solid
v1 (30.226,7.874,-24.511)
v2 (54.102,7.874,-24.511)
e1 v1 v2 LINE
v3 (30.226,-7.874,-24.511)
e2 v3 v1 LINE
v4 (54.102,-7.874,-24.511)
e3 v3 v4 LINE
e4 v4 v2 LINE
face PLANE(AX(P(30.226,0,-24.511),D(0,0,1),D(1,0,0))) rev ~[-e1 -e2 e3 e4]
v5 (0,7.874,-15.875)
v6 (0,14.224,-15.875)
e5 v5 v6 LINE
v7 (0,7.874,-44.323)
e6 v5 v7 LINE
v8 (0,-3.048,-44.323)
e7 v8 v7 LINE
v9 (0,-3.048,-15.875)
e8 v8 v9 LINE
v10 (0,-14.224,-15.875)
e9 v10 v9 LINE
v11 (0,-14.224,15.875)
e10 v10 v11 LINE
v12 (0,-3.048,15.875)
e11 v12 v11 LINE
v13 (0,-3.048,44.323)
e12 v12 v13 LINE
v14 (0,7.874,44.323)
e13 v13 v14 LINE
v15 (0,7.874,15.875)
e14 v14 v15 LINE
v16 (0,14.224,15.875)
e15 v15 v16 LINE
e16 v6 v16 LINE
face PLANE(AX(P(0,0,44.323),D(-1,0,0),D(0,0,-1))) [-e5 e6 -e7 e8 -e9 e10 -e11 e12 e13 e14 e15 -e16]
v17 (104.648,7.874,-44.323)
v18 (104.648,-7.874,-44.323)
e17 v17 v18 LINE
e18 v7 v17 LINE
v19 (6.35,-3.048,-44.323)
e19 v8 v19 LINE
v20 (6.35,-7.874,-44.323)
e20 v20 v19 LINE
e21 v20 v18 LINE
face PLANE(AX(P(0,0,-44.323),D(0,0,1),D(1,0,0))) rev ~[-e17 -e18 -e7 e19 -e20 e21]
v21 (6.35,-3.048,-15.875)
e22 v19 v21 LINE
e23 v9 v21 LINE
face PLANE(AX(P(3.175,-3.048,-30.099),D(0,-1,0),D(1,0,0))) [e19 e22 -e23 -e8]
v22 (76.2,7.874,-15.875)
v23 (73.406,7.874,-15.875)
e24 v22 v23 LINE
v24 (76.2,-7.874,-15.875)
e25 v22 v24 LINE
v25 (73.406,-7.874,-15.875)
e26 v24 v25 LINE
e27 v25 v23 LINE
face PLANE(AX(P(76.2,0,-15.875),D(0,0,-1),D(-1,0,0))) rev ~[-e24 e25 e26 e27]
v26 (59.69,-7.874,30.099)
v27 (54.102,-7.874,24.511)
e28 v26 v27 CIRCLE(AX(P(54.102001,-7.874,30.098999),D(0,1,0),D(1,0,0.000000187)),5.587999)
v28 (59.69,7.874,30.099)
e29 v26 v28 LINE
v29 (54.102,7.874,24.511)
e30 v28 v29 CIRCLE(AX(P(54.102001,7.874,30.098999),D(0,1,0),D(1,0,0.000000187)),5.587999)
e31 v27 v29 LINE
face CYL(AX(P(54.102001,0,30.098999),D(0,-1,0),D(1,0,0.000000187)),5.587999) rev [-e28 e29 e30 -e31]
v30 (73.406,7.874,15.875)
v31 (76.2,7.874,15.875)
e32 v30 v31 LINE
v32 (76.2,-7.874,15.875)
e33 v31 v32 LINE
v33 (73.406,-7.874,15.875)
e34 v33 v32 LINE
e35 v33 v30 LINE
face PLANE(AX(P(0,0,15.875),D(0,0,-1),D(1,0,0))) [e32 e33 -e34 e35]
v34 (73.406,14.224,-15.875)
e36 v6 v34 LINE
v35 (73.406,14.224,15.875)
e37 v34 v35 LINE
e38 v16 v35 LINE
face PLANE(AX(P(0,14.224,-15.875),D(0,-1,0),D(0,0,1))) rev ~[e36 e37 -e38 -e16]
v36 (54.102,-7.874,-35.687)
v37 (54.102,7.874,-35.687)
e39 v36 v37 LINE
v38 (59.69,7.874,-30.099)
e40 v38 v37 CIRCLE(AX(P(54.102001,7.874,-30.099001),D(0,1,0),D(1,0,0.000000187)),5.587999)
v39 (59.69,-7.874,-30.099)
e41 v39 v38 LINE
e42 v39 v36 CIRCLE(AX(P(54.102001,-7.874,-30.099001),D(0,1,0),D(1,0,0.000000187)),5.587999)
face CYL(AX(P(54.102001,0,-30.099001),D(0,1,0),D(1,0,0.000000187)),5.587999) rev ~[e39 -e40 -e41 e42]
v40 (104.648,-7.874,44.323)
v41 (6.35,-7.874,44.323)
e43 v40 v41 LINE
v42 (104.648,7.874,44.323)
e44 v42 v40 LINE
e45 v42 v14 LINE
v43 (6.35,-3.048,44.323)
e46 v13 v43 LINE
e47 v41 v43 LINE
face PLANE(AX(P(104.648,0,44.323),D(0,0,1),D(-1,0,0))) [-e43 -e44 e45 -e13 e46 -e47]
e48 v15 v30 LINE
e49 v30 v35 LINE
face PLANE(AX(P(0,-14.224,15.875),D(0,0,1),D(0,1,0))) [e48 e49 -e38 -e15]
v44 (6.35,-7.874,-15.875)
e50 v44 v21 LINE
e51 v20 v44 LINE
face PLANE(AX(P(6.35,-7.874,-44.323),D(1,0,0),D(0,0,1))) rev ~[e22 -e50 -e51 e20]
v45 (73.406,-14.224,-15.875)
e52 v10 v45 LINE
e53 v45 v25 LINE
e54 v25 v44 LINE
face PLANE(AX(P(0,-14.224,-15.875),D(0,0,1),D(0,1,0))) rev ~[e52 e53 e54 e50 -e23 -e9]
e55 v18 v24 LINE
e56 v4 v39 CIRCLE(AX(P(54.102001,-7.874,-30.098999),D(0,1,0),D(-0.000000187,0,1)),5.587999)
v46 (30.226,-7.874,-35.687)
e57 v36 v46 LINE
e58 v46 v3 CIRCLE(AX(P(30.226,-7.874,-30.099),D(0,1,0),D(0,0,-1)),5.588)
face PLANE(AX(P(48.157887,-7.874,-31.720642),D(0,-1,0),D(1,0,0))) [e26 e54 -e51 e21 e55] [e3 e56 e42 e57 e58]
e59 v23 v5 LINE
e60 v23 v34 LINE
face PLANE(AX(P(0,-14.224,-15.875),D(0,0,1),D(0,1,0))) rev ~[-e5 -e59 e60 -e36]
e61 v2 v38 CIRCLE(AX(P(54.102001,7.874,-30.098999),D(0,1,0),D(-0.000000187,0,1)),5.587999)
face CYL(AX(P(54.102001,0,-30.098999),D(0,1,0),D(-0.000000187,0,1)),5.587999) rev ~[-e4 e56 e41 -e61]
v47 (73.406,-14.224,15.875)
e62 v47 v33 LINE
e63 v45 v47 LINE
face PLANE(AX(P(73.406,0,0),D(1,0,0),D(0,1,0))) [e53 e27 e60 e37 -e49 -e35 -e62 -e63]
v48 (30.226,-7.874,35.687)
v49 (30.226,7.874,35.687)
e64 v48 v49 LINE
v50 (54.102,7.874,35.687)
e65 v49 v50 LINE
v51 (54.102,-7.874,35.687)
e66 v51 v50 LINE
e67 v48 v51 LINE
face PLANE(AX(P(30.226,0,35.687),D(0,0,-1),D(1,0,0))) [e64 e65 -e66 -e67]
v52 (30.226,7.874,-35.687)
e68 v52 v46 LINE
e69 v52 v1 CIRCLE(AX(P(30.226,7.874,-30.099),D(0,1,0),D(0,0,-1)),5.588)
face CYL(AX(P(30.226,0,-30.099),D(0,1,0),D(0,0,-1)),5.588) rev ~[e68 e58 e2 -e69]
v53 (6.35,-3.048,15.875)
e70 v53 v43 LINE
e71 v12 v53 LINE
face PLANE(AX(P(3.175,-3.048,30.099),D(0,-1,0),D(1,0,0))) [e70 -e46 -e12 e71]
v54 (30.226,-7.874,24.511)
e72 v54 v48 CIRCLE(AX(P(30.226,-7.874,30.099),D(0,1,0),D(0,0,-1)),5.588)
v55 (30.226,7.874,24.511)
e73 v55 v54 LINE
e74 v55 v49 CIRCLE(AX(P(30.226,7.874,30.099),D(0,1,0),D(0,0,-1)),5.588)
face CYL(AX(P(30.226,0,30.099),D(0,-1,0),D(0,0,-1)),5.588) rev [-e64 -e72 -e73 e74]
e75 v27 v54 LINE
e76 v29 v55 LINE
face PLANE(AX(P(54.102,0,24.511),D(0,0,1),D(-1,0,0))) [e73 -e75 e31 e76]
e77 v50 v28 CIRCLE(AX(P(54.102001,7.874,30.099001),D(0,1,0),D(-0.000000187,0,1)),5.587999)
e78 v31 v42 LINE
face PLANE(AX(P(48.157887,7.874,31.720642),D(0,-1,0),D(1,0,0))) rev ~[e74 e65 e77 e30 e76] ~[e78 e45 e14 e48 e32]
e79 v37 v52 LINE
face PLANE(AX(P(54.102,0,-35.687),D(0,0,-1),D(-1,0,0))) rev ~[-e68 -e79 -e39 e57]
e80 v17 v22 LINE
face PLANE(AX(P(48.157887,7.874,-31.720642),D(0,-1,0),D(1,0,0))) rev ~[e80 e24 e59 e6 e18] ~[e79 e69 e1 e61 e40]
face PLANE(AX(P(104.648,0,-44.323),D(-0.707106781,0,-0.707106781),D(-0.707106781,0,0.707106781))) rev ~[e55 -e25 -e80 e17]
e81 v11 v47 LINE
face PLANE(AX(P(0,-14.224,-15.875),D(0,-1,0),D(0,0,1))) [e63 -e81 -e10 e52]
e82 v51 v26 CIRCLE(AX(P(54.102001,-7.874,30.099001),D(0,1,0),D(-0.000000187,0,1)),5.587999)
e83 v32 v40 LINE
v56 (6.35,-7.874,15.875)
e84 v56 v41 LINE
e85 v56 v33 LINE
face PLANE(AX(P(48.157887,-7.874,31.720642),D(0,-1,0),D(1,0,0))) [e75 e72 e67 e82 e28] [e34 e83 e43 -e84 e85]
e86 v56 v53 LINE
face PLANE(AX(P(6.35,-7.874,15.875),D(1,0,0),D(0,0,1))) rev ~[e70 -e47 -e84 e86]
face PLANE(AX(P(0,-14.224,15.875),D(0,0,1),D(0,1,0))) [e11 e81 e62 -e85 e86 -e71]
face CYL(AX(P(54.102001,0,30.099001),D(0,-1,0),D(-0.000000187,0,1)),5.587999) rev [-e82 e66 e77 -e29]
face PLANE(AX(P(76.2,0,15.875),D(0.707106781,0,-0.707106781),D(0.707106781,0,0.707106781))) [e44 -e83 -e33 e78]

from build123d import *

# Parameters (mm, degrees)
F0_W     = 28.448
F0_H     = 31.75
F1_DEPTH = 73.406
F3_DEPTH = 7.874
F5_W     = 6.35
F5_H     = 28.448
F6_DEPTH = 4.826
F7_W     = 6.35
F7_H     = 28.448
F8_DEPTH = 4.826


with BuildPart() as f1:
    # F0 (on Right) → F1 (new body)
    with BuildSketch(Plane.YZ):
        Rectangle(F0_W, F0_H)
    extrude(amount=F1_DEPTH)

    # F2 (on Front) → F3 (join, symmetric)
    with BuildSketch(Plane.XZ):
        Polygon((0, -44.323), (104.648, -44.323), (76.2, -15.875), (73.406, -15.875), (0, -15.875), align=None)
        with BuildLine():
            ThreePointArc((30.226, -35.687), (24.638, -30.099), (30.226, -24.511))
            Line((30.226, -24.511), (54.102, -24.511))
            ThreePointArc((54.102, -24.511), (58.053313, -26.147687), (59.69, -30.099))
            ThreePointArc((59.69, -30.099), (58.053313, -34.050313), (54.102, -35.687))
            Line((54.102, -35.687), (30.226, -35.687))
        make_face(mode=Mode.SUBTRACT)
        Polygon((0, 15.875), (73.406, 15.875), (76.2, 15.875), (104.648, 44.323), (0, 44.323), align=None)
        with BuildLine():
            ThreePointArc((30.226, 24.511), (24.638, 30.099), (30.226, 35.687))
            Line((30.226, 35.687), (54.102, 35.687))
            ThreePointArc((54.102, 35.687), (58.053313, 34.050313), (59.69, 30.099))
            ThreePointArc((59.69, 30.099), (58.053313, 26.147687), (54.102, 24.511))
            Line((54.102, 24.511), (30.226, 24.511))
        make_face(mode=Mode.SUBTRACT)
    extrude(amount=F3_DEPTH, both=True)

    # F5 (on face) → F6 (cut)
    with BuildSketch(Plane.XZ.offset(7.874)):
        with Locations((3.175, 30.099)):
            Rectangle(F5_W, F5_H)
    extrude(amount=-F6_DEPTH, mode=Mode.SUBTRACT)

    # F7 (on face) → F8 (cut)
    with BuildSketch(Plane.XZ.offset(7.874)):
        with Locations((3.175, -30.099)):
            Rectangle(F7_W, F7_H)
    extrude(amount=-F8_DEPTH, mode=Mode.SUBTRACT)


solid = f1.part
